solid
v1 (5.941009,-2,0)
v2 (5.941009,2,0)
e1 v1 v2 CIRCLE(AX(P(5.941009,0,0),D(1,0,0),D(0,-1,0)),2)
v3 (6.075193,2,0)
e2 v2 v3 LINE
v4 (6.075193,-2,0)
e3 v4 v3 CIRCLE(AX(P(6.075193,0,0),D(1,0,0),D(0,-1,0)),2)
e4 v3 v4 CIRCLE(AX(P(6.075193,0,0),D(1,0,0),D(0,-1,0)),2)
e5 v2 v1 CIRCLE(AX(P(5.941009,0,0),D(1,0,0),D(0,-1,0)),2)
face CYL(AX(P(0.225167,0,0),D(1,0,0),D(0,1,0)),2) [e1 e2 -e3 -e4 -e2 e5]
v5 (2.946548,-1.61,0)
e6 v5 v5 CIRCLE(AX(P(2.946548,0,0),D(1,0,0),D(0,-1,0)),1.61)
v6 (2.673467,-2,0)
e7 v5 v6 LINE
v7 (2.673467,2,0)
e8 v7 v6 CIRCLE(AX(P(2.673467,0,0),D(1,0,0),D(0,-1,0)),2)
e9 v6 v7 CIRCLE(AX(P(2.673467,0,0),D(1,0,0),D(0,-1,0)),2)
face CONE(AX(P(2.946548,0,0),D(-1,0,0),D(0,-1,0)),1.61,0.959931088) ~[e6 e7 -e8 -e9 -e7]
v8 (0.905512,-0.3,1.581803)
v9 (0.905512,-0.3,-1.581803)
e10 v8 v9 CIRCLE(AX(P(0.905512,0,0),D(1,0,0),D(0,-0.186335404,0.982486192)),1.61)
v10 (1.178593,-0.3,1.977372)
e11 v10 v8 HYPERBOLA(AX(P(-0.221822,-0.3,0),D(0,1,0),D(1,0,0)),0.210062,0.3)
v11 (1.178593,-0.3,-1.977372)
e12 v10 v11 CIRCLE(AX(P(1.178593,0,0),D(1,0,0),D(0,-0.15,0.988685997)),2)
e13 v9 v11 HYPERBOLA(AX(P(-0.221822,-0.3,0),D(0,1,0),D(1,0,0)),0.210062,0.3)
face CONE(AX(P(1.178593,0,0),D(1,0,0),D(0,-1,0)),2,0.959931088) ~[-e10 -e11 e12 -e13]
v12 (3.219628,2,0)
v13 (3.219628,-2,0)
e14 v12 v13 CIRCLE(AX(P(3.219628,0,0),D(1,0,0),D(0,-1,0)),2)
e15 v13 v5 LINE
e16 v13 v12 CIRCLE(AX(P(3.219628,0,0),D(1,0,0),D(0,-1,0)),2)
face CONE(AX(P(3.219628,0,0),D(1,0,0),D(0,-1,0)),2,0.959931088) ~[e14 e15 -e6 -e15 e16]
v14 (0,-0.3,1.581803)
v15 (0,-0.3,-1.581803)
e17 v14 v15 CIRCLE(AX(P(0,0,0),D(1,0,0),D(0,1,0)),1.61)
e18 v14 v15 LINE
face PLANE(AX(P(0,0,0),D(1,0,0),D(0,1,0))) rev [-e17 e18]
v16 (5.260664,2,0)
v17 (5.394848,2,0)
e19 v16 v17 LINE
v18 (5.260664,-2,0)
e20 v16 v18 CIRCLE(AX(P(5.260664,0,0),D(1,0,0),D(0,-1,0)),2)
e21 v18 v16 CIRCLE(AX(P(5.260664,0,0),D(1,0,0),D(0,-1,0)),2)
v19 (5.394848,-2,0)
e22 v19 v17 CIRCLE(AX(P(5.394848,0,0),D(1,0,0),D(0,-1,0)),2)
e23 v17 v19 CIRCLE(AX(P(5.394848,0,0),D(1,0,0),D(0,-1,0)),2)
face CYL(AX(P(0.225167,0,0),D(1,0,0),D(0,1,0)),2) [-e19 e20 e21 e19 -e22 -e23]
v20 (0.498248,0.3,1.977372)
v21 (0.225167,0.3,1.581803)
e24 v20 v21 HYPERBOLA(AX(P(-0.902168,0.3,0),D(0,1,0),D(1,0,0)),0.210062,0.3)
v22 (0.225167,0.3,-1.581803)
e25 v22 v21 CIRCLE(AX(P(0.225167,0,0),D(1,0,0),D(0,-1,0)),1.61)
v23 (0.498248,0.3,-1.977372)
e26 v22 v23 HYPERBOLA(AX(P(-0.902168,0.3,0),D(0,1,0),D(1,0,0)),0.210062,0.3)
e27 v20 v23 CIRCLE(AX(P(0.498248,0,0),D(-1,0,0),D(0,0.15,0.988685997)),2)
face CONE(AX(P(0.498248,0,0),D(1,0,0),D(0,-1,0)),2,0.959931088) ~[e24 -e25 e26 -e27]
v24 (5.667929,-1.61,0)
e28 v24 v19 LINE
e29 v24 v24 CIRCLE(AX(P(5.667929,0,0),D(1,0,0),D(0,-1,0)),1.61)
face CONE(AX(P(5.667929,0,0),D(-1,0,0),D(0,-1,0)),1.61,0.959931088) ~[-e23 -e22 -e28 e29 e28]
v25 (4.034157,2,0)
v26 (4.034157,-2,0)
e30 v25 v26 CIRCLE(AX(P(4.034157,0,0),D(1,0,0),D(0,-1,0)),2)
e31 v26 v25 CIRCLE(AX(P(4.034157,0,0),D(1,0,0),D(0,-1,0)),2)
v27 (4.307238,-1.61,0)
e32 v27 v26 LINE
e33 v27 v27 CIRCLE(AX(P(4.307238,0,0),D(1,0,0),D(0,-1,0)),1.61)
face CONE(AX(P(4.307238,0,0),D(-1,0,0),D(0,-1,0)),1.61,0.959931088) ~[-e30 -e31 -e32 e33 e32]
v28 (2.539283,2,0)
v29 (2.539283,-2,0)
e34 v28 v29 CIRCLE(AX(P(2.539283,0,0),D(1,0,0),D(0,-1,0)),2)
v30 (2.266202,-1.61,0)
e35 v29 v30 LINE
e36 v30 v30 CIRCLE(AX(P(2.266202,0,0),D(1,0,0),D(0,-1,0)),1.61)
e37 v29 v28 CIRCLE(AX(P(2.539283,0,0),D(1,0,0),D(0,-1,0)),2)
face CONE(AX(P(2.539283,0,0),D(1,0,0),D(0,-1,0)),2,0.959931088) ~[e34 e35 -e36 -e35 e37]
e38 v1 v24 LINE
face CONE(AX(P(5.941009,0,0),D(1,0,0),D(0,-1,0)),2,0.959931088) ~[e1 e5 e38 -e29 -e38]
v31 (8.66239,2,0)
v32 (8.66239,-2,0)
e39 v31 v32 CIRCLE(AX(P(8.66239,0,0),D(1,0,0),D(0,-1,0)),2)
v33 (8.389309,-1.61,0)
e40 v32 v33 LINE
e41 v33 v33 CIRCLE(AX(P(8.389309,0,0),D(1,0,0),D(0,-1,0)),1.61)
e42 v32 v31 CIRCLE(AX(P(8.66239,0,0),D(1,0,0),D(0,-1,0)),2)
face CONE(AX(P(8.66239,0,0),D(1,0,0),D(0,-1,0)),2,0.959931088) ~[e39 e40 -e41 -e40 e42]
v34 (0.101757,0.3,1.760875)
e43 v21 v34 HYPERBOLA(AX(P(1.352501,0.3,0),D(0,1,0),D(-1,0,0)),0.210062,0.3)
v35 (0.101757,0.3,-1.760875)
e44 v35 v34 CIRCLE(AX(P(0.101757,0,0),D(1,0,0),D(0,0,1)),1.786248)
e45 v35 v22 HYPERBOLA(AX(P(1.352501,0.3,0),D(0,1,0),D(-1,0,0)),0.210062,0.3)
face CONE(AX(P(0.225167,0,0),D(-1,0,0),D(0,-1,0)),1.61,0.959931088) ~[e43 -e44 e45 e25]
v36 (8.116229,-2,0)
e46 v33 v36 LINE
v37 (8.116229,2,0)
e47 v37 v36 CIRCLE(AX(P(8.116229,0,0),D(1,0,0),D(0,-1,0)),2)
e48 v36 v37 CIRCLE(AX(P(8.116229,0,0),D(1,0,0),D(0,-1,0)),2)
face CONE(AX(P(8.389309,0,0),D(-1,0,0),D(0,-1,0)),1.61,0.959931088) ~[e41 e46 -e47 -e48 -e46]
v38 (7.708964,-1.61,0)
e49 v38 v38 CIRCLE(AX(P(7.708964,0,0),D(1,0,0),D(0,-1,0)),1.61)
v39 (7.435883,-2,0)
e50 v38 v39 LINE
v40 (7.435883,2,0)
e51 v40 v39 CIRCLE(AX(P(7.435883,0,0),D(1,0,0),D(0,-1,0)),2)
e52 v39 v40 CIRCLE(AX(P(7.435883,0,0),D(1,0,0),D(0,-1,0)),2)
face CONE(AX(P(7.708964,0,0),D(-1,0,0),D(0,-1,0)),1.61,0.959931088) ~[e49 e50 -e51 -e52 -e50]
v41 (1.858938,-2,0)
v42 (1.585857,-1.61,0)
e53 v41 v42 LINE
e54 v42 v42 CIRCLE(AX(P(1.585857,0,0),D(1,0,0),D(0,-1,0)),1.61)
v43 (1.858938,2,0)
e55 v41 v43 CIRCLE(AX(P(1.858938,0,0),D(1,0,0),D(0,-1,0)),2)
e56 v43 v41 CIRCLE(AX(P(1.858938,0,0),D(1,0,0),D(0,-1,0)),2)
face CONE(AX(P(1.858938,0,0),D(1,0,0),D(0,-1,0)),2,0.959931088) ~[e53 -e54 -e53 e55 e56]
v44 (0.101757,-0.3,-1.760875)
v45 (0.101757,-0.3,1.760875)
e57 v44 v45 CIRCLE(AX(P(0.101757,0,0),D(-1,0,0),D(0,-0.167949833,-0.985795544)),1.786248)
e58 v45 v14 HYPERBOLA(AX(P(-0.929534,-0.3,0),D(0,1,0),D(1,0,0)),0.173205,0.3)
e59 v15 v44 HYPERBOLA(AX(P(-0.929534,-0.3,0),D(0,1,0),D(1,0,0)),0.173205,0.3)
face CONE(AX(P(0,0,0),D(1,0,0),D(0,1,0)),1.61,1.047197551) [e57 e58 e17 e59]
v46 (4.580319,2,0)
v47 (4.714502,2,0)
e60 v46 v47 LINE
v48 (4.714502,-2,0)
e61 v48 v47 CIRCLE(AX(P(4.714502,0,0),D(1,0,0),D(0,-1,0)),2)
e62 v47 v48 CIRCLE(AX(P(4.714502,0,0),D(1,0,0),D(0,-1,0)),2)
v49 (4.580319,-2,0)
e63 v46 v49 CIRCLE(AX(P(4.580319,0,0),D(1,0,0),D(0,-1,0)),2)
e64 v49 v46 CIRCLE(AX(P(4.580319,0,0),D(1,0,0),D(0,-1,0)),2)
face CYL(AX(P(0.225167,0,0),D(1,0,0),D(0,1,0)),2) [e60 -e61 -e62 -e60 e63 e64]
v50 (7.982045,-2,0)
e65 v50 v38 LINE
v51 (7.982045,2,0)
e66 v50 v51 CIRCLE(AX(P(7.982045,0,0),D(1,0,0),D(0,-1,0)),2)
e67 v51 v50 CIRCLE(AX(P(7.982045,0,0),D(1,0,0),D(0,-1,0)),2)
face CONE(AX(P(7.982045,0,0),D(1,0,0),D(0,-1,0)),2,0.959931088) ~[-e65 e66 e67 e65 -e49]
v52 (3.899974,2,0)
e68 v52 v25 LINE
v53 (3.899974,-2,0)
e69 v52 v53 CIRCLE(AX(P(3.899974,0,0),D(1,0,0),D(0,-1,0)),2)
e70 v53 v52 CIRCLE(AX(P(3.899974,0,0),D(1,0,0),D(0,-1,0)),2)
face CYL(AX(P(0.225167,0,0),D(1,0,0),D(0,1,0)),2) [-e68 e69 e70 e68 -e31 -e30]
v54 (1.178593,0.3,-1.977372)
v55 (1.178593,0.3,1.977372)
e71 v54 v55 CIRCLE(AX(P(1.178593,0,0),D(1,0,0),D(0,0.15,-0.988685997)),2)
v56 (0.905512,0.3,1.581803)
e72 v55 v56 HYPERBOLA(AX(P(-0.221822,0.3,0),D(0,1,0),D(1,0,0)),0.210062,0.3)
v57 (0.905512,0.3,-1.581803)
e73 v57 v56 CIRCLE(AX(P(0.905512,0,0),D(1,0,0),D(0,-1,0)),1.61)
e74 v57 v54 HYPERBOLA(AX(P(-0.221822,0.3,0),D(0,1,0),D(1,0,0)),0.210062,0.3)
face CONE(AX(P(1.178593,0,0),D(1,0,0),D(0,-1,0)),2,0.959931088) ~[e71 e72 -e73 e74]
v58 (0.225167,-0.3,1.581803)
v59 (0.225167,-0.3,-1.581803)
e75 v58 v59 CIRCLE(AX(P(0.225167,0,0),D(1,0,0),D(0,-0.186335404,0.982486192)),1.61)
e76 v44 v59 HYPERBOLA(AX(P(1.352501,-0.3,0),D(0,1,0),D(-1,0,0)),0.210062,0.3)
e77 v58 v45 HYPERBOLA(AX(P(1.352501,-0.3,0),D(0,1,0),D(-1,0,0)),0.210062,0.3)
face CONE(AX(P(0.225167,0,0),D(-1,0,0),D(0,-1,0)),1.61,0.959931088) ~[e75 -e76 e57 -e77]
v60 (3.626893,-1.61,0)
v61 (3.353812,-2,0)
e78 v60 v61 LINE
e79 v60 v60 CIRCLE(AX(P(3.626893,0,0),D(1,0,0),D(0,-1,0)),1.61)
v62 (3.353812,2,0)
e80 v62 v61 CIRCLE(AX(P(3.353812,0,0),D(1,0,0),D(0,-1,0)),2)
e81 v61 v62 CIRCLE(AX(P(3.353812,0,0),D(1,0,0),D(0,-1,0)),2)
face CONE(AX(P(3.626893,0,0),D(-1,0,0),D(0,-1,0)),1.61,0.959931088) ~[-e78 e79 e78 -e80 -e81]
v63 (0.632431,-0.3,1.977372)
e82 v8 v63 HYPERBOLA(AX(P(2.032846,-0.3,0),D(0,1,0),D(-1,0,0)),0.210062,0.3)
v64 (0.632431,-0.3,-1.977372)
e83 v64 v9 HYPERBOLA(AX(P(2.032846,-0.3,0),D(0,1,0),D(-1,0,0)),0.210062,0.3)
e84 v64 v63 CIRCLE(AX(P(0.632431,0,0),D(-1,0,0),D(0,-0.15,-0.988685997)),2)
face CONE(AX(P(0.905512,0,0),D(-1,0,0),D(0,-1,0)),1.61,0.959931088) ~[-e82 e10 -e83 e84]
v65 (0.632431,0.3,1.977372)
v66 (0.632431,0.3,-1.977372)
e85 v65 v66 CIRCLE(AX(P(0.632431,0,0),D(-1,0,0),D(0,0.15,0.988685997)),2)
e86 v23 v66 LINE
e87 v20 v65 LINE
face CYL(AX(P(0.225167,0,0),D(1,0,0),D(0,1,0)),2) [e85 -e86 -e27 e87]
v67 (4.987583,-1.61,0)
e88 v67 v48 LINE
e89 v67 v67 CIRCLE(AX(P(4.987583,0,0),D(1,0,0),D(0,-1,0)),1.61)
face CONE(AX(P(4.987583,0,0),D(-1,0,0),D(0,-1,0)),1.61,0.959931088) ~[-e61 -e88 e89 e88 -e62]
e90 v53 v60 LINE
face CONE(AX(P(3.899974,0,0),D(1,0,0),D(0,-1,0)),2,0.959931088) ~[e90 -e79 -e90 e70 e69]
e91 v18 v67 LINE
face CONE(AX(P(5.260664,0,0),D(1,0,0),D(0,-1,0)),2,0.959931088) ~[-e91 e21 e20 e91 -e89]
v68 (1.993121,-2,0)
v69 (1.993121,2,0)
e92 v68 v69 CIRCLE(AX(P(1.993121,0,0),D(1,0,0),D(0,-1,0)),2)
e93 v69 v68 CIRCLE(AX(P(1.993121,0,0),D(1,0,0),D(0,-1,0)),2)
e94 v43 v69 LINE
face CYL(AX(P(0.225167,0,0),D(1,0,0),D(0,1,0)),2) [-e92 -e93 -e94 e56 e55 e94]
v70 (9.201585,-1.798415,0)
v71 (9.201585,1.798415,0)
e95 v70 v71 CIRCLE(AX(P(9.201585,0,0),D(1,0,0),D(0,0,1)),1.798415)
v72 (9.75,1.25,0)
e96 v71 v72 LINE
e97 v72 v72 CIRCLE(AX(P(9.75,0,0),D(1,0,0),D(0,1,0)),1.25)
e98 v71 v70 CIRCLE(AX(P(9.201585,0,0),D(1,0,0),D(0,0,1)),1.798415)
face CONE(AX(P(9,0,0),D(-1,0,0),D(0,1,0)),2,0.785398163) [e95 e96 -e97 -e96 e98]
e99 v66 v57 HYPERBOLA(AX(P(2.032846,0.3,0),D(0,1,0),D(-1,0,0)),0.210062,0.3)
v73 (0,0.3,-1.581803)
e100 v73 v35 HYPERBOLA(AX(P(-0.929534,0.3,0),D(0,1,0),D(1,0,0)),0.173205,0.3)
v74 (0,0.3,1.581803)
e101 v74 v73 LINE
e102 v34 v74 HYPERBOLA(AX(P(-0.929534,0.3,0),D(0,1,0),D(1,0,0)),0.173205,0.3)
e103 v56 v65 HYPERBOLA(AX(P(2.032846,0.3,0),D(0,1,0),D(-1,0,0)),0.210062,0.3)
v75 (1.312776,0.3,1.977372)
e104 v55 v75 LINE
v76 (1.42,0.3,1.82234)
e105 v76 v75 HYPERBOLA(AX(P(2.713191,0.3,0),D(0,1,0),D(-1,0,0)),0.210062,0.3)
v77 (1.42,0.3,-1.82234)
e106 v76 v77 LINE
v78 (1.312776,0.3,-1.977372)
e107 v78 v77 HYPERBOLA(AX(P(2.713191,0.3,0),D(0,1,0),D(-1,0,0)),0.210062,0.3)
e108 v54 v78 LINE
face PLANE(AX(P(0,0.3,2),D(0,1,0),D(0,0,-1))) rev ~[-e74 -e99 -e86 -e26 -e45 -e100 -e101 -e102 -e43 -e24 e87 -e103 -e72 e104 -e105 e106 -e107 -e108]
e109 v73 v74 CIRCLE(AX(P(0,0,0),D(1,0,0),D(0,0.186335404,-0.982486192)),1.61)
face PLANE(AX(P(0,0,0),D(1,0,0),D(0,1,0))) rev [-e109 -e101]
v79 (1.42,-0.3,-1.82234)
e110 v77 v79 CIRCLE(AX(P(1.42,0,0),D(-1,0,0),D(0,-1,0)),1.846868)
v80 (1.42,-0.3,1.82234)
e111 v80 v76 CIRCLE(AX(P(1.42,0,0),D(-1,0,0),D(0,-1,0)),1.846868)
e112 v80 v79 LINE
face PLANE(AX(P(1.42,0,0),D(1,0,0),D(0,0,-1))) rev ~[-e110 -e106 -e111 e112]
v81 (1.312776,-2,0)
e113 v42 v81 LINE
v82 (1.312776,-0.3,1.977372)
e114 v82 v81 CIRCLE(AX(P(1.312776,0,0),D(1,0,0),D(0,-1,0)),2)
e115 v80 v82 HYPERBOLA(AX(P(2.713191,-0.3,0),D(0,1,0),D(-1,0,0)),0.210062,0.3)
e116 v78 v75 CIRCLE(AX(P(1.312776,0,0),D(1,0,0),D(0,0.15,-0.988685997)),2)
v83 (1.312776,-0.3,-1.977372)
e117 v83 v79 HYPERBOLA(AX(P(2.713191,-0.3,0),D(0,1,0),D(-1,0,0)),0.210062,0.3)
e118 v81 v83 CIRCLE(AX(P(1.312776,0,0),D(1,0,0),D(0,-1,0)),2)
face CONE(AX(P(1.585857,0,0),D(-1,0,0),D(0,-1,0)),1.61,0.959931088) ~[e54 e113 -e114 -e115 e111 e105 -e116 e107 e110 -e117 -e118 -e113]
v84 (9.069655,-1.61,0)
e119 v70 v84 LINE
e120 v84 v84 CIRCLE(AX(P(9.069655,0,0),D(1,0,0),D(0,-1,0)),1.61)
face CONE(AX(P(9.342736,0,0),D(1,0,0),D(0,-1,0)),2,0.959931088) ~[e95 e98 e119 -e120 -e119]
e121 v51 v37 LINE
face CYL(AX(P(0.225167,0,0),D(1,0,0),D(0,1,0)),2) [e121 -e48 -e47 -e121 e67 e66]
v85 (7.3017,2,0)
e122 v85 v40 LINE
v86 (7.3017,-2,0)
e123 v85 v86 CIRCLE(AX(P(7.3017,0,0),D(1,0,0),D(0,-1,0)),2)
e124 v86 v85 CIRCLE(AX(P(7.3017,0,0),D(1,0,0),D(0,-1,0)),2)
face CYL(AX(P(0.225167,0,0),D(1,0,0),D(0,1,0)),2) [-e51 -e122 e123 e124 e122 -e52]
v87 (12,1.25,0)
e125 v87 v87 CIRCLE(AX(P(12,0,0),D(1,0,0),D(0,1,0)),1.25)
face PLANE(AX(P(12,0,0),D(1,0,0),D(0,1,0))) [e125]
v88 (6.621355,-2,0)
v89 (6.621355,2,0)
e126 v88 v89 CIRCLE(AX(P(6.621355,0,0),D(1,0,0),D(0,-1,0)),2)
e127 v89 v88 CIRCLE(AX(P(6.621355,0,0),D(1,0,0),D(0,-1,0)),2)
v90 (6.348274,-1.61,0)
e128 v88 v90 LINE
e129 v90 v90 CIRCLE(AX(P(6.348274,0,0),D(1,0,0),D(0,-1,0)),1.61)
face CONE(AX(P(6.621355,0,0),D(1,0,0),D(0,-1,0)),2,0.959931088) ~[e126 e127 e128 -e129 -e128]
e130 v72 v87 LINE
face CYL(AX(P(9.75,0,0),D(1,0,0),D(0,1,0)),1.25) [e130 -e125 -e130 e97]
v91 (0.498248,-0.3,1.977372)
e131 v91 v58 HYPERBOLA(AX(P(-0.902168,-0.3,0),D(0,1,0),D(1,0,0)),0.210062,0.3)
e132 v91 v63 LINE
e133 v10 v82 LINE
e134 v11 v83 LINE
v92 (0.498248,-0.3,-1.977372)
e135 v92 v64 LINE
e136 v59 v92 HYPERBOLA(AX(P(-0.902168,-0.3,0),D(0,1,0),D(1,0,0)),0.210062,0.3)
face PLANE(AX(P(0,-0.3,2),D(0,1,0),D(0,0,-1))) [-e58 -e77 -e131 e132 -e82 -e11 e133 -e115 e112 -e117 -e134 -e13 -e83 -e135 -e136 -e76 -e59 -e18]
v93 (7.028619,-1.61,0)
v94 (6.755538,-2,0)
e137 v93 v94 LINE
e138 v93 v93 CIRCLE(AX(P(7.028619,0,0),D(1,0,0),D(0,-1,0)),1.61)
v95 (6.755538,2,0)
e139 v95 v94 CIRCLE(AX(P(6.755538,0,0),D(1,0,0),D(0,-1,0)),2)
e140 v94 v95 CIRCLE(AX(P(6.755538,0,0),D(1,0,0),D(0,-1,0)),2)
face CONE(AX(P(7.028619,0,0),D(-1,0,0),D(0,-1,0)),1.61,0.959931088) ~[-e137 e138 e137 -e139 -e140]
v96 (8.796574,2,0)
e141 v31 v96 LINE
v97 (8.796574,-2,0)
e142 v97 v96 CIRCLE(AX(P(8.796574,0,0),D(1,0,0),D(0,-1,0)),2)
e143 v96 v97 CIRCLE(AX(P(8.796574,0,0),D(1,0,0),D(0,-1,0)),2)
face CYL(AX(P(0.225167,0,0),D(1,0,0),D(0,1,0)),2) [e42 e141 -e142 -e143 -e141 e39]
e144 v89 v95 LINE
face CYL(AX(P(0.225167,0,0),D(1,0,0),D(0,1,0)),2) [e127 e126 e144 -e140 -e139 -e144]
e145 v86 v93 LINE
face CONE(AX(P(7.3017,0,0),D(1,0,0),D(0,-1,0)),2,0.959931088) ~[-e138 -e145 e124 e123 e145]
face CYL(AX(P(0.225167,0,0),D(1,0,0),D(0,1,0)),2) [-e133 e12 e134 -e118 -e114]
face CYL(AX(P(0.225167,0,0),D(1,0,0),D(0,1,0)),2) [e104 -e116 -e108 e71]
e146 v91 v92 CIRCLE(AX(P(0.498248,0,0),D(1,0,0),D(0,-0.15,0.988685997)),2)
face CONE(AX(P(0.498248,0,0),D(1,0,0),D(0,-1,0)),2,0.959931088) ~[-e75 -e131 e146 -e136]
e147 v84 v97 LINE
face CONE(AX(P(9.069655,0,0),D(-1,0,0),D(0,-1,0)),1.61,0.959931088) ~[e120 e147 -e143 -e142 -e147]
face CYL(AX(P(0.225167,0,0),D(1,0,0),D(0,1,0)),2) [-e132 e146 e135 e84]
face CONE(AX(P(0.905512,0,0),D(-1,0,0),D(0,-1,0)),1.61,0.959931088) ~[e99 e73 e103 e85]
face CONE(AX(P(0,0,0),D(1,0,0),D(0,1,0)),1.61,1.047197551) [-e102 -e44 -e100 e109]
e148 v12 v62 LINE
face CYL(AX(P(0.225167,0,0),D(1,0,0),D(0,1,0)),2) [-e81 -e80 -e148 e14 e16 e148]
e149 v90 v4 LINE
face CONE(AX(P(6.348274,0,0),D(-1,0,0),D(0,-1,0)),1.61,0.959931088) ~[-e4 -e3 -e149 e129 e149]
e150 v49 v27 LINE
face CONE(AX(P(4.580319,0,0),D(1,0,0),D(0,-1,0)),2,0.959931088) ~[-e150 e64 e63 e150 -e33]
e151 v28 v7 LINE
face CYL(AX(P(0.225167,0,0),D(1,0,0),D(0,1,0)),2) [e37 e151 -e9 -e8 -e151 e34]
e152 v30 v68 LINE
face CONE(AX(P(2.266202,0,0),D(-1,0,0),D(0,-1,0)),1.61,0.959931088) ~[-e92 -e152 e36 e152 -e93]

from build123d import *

# Parameters (mm, degrees)
SKETCH2_W       = 4
SKETCH2_H       = 0.6
SLOT_DEPTH      = 1.42
THDSCHPAT_COUNT = 14
THDSCHPAT_PITCH = 0.680345237


with BuildPart() as part:
    # BodySke → BaseBody (revolve)
    with BuildSketch(Plane.XY):
        Polygon((9.75, 1.25), (12, 1.25), (12, 0), (0, 0), (0, 1.61), (0.225166605, 2), (9, 2), align=None)
    revolve(axis=Axis((-12.7, 0, 0), (1, 0, 0)))

    # Sketch2 → Slot (cut)
    with BuildSketch(Plane(origin=(0, 0, 0), x_dir=(0, 0, -1), z_dir=(1, 0, 0))):
        Rectangle(SKETCH2_W, SKETCH2_H)
    extrude(amount=SLOT_DEPTH, mode=Mode.SUBTRACT)

    # ThdSchSke → ThreadSchematic (revolve, cut)
    with BuildSketch(Plane.XY):
        Polygon((0.225166605, -1.61), (-0.047914335, -2), (-0.047914335, -2.5), (0.498247545, -2.5), (0.498247545, -2), align=None)
    threadschematic = revolve(axis=Axis((-3.175, 0, 0), (1, 0, 0)), mode=Mode.SUBTRACT)

    # ThdSchPat: ThreadSchematic ×14
    with Locations(*[(i * THDSCHPAT_PITCH, 0, 0) for i in range(1, THDSCHPAT_COUNT)]):
        add(threadschematic, mode=Mode.SUBTRACT)


solid = part.part
